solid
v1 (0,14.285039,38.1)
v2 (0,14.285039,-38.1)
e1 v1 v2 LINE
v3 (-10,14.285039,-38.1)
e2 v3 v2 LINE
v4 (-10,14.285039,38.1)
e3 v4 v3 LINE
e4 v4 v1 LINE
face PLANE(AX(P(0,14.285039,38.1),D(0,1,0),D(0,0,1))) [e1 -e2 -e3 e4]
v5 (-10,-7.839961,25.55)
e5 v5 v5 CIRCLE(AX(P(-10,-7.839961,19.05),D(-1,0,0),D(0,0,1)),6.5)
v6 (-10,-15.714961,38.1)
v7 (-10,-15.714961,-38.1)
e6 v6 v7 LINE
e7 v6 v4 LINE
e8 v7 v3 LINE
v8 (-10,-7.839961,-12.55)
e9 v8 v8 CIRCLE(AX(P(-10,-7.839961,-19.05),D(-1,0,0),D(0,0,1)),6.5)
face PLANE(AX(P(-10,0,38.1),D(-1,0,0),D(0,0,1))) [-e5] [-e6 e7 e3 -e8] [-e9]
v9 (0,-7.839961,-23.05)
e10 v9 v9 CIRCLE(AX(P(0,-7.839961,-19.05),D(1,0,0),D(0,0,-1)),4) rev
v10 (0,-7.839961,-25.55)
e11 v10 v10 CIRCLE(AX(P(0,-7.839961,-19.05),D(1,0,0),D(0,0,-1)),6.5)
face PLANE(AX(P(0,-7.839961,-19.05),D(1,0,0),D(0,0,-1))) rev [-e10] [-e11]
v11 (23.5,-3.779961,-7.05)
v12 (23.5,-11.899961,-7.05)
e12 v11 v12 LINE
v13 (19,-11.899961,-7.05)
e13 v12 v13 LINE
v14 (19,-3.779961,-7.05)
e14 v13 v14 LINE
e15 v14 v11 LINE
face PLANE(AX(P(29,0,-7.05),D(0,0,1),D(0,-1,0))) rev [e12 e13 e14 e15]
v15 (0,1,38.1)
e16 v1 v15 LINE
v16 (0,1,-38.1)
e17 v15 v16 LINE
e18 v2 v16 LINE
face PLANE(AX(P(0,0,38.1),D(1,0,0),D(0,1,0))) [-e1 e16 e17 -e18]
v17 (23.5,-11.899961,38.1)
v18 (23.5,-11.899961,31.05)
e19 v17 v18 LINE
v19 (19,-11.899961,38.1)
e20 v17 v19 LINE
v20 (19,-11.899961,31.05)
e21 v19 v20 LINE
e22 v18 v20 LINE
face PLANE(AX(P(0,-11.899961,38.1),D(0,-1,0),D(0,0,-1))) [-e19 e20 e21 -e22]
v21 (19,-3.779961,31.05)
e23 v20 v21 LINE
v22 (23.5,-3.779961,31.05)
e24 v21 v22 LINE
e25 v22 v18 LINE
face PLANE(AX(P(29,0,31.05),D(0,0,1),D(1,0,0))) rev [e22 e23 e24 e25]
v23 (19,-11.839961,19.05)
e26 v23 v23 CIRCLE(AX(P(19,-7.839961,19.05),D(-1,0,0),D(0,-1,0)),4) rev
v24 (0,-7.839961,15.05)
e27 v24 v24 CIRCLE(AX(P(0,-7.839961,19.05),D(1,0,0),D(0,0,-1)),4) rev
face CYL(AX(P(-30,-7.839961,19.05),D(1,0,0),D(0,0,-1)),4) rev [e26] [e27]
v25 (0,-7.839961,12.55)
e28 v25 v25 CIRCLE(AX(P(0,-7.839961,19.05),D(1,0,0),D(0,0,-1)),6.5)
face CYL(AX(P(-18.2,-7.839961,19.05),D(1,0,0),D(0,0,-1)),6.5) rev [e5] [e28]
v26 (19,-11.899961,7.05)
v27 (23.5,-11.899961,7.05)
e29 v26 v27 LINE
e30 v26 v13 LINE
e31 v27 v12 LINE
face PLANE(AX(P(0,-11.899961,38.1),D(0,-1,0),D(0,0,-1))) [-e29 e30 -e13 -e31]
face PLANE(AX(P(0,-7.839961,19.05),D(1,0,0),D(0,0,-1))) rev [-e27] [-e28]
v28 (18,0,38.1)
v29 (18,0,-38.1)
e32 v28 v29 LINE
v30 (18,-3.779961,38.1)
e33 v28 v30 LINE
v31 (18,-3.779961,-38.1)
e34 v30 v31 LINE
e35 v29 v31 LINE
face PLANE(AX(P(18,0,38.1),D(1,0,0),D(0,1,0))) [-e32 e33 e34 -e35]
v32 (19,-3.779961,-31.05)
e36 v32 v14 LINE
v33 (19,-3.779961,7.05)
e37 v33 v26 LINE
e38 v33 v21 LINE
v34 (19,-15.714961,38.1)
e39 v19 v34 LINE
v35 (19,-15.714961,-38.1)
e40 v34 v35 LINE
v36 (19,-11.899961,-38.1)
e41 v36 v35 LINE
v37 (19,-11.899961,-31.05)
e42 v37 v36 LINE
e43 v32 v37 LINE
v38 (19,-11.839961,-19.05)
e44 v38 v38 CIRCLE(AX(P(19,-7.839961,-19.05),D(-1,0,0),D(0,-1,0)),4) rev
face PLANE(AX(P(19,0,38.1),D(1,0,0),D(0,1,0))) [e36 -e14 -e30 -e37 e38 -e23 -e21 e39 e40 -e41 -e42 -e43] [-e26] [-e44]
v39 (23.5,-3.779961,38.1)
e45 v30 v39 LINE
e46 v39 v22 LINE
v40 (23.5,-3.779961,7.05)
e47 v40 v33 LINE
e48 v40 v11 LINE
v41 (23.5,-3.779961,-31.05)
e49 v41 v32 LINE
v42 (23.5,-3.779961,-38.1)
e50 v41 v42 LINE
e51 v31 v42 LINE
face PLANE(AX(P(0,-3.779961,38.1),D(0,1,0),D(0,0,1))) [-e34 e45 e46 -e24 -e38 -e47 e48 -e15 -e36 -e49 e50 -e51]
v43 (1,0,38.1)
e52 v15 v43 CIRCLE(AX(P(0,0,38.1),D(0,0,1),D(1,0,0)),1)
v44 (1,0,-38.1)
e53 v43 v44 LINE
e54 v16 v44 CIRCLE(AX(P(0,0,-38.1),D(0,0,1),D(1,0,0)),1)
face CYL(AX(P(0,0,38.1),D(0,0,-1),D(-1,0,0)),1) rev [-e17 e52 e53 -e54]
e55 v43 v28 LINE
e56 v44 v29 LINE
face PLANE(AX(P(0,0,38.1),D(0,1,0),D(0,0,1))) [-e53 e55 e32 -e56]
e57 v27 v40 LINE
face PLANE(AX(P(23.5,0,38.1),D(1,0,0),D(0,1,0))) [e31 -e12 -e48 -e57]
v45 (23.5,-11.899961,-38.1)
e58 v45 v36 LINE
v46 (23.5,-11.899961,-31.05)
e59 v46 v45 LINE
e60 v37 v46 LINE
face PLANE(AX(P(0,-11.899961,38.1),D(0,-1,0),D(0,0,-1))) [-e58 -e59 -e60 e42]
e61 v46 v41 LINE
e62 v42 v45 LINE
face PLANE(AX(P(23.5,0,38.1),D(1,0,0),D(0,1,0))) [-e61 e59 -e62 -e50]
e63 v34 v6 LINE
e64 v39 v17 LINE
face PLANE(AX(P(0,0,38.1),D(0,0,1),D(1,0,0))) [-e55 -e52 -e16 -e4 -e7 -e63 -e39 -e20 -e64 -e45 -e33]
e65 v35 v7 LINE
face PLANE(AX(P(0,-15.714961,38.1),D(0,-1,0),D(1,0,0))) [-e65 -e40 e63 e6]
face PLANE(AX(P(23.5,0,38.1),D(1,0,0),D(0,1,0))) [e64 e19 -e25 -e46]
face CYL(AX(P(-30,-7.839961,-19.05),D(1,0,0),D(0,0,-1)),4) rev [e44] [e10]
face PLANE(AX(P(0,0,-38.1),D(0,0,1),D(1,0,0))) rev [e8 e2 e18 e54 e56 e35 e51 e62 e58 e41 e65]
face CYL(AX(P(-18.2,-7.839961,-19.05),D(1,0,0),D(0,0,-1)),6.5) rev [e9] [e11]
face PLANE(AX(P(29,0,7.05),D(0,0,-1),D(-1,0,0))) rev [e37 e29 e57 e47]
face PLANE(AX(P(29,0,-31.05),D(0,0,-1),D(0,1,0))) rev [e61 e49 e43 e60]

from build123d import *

# Parameters (mm, degrees)
BOSS_EXTRUDE1_DEPTH      = 38.1
BOSS_EXTRUDE1_DEPTH_BACK = 38.1
CUT_EXTRUDE1_DEPTH       = 55.4
CUT_EXTRUDE1_DEPTH_BACK  = 30
SKETCH2_R                = 4
SKETCH3_R                = 6.5
CUT_EXTRUDE2_DEPTH       = 18.2
CUT_EXTRUDE3_START       = 19
SKETCH4_W                = 24
SKETCH4_H                = 20
CUT_EXTRUDE3_DEPTH       = 10


with BuildPart() as part:
    # Sketch1 → Boss-Extrude1 (new, two sides: drawn at the far end of the back side and taken through both)
    with BuildSketch(Plane.XY.offset(-BOSS_EXTRUDE1_DEPTH_BACK)):
        with BuildLine():
            Line((-10, -15.714961024), (-10, 14.285038976))
            Line((-10, 14.285038976), (0, 14.285038976))
            Line((0, 14.285038976), (0, 1))
            ThreePointArc((0, 1), (-0.707106781, -0.707106781), (1, 0))
            Line((1, 0), (18, 0))
            Line((18, 0), (18, -3.779961024))
            Line((18, -3.779961024), (23.5, -3.779961024))
            Line((23.5, -3.779961024), (23.5, -11.899961024))
            Line((23.5, -11.899961024), (19, -11.899961024))
            Line((19, -11.899961024), (19, -15.714961024))
            Line((19, -15.714961024), (-10, -15.714961024))
        make_face()
    extrude(amount=BOSS_EXTRUDE1_DEPTH + BOSS_EXTRUDE1_DEPTH_BACK)

    # Sketch2 → Cut-Extrude1 (cut, two sides: drawn at the far end of the back side and taken through both)
    with BuildSketch(Plane(origin=(0, 0, 0), x_dir=(0, 0, -1), z_dir=(1, 0, 0)).offset(-CUT_EXTRUDE1_DEPTH_BACK)):
        with Locations((-19.05, -7.839961024)):
            Circle(SKETCH2_R)
        with Locations((19.05, -7.839961024)):
            Circle(SKETCH2_R)
    extrude(amount=CUT_EXTRUDE1_DEPTH + CUT_EXTRUDE1_DEPTH_BACK, mode=Mode.SUBTRACT)

    # Sketch3 → Cut-Extrude2 (cut)
    with BuildSketch(Plane(origin=(0, 0, 0), x_dir=(0, 0, -1), z_dir=(1, 0, 0))):
        with Locations((-19.05, -7.839961024)):
            Circle(SKETCH3_R)
        with Locations((19.05, -7.839961024)):
            Circle(SKETCH3_R)
    extrude(amount=-CUT_EXTRUDE2_DEPTH, mode=Mode.SUBTRACT)

    # Sketch4 → Cut-Extrude3 (cut)
    with BuildSketch(Plane(origin=(0, 0, 0), x_dir=(0, 0, -1), z_dir=(1, 0, 0)).offset(CUT_EXTRUDE3_START)):
        with Locations((-19.05, -7.839961024)):
            Rectangle(SKETCH4_W, SKETCH4_H)
        with Locations((19.05, -7.839961024)):
            Rectangle(SKETCH4_W, SKETCH4_H)
    extrude(amount=CUT_EXTRUDE3_DEPTH, mode=Mode.SUBTRACT)


solid = part.part
